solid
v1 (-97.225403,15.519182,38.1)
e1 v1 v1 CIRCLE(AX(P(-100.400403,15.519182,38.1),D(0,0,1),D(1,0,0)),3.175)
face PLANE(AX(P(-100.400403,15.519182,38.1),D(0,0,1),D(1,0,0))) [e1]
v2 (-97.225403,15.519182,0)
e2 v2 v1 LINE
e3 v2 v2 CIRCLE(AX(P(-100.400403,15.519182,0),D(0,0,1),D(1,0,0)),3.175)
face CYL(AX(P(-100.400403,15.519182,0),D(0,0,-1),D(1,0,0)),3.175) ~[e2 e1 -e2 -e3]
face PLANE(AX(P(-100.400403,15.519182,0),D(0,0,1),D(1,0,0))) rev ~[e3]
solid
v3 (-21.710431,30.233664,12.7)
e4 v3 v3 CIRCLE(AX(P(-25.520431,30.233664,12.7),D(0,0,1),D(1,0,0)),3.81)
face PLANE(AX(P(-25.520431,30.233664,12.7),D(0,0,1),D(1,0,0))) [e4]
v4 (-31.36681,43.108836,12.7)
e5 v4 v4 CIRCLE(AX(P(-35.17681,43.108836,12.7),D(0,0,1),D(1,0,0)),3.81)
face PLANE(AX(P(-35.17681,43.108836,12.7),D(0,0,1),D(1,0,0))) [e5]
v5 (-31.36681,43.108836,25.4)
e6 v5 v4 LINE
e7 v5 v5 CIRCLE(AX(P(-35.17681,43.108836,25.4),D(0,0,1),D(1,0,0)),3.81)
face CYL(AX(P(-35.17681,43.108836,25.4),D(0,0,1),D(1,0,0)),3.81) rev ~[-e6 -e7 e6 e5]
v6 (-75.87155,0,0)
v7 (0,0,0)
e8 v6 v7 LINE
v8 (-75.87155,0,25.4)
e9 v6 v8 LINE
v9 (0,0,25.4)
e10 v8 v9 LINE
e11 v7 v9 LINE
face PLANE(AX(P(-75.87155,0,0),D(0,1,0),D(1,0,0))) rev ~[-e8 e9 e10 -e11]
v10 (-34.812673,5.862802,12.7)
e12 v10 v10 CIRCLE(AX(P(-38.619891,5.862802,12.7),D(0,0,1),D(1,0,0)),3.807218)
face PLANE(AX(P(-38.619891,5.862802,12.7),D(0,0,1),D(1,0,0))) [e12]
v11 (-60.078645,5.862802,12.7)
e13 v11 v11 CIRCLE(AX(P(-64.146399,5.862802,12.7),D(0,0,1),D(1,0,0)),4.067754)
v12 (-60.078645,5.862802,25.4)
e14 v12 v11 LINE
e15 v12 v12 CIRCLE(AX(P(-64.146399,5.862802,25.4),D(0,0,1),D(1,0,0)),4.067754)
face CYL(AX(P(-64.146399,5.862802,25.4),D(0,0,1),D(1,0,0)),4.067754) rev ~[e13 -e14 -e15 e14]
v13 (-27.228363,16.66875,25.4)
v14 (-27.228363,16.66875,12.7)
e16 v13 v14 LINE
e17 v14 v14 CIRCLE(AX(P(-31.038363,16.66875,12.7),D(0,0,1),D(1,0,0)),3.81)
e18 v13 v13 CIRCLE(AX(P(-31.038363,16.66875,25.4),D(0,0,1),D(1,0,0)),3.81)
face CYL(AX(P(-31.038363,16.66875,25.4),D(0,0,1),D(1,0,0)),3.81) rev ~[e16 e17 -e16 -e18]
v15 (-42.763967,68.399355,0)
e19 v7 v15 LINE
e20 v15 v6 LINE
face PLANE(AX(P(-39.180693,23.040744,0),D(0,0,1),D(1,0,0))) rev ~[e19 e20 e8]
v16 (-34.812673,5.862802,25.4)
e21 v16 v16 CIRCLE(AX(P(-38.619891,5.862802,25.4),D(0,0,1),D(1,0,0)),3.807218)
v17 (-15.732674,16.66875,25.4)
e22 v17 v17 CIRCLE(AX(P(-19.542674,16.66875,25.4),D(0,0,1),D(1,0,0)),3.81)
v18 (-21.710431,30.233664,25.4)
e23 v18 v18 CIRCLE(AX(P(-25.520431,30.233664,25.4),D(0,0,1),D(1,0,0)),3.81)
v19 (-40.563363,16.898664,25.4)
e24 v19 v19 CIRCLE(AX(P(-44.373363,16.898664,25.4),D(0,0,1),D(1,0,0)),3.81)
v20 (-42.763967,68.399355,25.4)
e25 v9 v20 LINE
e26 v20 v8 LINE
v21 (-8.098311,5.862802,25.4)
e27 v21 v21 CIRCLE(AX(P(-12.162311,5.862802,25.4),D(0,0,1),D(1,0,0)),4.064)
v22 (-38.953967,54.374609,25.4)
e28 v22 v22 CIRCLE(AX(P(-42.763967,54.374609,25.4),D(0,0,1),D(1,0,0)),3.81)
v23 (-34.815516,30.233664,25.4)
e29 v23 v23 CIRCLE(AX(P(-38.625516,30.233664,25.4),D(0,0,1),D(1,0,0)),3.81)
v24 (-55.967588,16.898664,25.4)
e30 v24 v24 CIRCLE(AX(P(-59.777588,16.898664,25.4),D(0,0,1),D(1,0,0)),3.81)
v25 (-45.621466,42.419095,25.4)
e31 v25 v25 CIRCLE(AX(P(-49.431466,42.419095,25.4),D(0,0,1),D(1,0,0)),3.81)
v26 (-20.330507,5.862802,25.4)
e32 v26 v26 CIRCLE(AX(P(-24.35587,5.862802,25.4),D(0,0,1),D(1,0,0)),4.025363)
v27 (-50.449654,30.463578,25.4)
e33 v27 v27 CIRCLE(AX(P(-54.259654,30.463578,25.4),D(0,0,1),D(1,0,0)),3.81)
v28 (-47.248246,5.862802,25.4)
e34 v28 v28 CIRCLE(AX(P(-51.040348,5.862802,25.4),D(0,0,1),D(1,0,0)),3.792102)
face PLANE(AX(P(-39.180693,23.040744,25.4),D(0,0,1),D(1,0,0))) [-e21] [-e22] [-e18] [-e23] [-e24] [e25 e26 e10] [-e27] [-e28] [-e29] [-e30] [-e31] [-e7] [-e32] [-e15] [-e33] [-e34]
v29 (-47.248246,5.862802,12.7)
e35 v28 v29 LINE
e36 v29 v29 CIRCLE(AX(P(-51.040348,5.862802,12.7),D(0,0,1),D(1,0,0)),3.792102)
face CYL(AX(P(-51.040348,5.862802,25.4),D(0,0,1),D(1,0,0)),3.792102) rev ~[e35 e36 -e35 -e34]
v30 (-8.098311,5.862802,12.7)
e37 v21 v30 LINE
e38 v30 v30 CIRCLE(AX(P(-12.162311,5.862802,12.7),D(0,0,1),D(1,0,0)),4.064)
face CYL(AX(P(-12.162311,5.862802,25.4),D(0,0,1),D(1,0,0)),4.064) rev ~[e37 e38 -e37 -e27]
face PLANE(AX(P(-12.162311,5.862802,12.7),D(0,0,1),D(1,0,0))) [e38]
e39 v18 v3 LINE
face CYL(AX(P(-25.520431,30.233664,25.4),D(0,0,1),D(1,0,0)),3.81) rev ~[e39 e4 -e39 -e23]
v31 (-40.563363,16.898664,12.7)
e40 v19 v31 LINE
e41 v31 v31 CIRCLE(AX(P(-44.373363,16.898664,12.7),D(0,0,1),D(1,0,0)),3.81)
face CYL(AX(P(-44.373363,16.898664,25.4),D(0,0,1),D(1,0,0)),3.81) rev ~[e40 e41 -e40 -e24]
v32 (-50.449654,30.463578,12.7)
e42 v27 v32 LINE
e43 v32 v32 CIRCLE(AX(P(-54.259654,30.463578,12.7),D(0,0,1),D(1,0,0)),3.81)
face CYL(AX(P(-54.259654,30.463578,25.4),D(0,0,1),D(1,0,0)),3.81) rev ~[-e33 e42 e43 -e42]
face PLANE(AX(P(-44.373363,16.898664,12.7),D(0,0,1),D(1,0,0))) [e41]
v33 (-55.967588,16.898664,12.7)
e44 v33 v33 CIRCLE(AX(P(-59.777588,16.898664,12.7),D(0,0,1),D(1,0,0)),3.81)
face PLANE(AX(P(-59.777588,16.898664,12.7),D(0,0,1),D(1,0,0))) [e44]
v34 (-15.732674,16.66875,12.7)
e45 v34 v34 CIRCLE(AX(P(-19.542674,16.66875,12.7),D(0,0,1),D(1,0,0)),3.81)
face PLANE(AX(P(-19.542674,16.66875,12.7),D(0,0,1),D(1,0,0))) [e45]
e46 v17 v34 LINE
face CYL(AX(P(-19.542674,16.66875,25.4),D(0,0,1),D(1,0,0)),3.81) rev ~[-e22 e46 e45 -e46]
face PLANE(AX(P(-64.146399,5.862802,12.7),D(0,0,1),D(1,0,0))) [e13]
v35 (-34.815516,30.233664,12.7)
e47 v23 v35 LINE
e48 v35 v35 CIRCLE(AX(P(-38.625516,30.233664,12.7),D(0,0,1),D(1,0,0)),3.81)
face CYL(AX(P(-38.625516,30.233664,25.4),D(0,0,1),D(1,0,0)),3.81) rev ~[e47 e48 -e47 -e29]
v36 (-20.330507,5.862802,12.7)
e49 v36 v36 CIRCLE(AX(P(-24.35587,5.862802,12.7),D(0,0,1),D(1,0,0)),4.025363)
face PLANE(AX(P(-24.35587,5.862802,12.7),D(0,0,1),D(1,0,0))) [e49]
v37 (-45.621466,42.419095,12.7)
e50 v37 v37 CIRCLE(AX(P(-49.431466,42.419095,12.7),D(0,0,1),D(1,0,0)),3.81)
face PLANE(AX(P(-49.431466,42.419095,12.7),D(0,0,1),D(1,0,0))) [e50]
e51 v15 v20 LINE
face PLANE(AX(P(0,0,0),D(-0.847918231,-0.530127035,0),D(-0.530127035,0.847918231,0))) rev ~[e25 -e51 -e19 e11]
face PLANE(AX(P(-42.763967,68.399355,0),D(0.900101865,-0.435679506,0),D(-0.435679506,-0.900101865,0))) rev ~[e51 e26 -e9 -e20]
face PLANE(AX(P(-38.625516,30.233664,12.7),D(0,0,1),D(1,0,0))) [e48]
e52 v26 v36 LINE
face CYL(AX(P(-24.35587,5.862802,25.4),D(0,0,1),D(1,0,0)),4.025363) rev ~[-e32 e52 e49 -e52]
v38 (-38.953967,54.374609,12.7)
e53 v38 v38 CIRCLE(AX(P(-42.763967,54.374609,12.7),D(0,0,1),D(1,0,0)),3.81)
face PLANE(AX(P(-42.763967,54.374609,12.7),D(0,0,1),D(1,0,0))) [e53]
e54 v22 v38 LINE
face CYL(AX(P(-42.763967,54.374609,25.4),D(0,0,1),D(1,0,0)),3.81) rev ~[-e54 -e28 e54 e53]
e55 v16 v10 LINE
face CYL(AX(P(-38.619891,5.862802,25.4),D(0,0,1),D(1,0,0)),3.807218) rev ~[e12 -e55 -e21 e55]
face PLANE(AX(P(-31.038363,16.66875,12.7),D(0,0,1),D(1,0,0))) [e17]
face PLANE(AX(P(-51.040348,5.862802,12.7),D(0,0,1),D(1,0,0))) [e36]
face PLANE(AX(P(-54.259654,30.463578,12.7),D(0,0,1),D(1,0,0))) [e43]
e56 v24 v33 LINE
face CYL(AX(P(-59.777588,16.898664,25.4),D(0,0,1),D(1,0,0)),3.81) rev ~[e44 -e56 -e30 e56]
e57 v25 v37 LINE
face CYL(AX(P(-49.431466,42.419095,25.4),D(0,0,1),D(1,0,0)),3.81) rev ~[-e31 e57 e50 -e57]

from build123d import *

# Parameters (mm, degrees)
F1_DEPTH = 25.4
F2_R     = 4.067754
F2_R_2   = 3.792102
F2_R_3   = 3.807218
F2_R_4   = 4.025363
F2_R_5   = 4.064
F3_DEPTH = 12.7
F4_R     = 3.81
F5_DEPTH = 12.7
F6_R     = 3.81
F7_DEPTH = 12.7
F8_R     = 3.175
F9_DEPTH = 38.1


with BuildPart() as f1:
    # F0 (on Top) → F1 (new body)
    with BuildSketch(Plane.XY):
        Polygon((-42.763967, 68.399355), (-75.87155, 0), (0, 0), align=None)
    extrude(amount=F1_DEPTH)

    # F2 (on face) → F3 (cut)
    with BuildSketch(Plane.XY.offset(25.4)):
        with Locations((-64.146399, 5.862802)):
            Circle(F2_R)
        with Locations((-51.040348, 5.862802)):
            Circle(F2_R_2)
        with Locations((-38.619891, 5.862802)):
            Circle(F2_R_3)
        with Locations((-24.35587, 5.862802)):
            Circle(F2_R_4)
        with Locations((-12.162311, 5.862802)):
            Circle(F2_R_5)
    extrude(amount=-F3_DEPTH, mode=Mode.SUBTRACT)

    # F4 (on face) → F5 (cut)
    with BuildSketch(Plane.XY.offset(25.4)):
        with Locations((-59.777588, 16.898664)):
            Circle(F4_R)
        with Locations((-44.373363, 16.898664)):
            Circle(F4_R)
        with Locations((-31.038363, 16.66875)):
            Circle(F4_R)
        with Locations((-19.542674, 16.66875)):
            Circle(F4_R)
    extrude(amount=-F5_DEPTH, mode=Mode.SUBTRACT)

    # F6 (on face) → F7 (cut)
    with BuildSketch(Plane.XY.offset(25.4)):
        with Locations((-54.259654, 30.463578)):
            Circle(F6_R)
        with Locations((-38.625516, 30.233664)):
            Circle(F6_R)
        with Locations((-25.520431, 30.233664)):
            Circle(F6_R)
        with Locations((-49.431466, 42.419095)):
            Circle(F6_R)
        with Locations((-35.17681, 43.108836)):
            Circle(F6_R)
        with Locations((-42.763967, 54.374609)):
            Circle(F6_R)
    extrude(amount=-F7_DEPTH, mode=Mode.SUBTRACT)


with BuildPart() as f9:
    # F8 (on Top) → F9 (new body)
    with BuildSketch(Plane.XY):
        with Locations((-100.400403, 15.519182)):
            Circle(F8_R)
    extrude(amount=F9_DEPTH)


solid = Compound([f1.part, f9.part])
